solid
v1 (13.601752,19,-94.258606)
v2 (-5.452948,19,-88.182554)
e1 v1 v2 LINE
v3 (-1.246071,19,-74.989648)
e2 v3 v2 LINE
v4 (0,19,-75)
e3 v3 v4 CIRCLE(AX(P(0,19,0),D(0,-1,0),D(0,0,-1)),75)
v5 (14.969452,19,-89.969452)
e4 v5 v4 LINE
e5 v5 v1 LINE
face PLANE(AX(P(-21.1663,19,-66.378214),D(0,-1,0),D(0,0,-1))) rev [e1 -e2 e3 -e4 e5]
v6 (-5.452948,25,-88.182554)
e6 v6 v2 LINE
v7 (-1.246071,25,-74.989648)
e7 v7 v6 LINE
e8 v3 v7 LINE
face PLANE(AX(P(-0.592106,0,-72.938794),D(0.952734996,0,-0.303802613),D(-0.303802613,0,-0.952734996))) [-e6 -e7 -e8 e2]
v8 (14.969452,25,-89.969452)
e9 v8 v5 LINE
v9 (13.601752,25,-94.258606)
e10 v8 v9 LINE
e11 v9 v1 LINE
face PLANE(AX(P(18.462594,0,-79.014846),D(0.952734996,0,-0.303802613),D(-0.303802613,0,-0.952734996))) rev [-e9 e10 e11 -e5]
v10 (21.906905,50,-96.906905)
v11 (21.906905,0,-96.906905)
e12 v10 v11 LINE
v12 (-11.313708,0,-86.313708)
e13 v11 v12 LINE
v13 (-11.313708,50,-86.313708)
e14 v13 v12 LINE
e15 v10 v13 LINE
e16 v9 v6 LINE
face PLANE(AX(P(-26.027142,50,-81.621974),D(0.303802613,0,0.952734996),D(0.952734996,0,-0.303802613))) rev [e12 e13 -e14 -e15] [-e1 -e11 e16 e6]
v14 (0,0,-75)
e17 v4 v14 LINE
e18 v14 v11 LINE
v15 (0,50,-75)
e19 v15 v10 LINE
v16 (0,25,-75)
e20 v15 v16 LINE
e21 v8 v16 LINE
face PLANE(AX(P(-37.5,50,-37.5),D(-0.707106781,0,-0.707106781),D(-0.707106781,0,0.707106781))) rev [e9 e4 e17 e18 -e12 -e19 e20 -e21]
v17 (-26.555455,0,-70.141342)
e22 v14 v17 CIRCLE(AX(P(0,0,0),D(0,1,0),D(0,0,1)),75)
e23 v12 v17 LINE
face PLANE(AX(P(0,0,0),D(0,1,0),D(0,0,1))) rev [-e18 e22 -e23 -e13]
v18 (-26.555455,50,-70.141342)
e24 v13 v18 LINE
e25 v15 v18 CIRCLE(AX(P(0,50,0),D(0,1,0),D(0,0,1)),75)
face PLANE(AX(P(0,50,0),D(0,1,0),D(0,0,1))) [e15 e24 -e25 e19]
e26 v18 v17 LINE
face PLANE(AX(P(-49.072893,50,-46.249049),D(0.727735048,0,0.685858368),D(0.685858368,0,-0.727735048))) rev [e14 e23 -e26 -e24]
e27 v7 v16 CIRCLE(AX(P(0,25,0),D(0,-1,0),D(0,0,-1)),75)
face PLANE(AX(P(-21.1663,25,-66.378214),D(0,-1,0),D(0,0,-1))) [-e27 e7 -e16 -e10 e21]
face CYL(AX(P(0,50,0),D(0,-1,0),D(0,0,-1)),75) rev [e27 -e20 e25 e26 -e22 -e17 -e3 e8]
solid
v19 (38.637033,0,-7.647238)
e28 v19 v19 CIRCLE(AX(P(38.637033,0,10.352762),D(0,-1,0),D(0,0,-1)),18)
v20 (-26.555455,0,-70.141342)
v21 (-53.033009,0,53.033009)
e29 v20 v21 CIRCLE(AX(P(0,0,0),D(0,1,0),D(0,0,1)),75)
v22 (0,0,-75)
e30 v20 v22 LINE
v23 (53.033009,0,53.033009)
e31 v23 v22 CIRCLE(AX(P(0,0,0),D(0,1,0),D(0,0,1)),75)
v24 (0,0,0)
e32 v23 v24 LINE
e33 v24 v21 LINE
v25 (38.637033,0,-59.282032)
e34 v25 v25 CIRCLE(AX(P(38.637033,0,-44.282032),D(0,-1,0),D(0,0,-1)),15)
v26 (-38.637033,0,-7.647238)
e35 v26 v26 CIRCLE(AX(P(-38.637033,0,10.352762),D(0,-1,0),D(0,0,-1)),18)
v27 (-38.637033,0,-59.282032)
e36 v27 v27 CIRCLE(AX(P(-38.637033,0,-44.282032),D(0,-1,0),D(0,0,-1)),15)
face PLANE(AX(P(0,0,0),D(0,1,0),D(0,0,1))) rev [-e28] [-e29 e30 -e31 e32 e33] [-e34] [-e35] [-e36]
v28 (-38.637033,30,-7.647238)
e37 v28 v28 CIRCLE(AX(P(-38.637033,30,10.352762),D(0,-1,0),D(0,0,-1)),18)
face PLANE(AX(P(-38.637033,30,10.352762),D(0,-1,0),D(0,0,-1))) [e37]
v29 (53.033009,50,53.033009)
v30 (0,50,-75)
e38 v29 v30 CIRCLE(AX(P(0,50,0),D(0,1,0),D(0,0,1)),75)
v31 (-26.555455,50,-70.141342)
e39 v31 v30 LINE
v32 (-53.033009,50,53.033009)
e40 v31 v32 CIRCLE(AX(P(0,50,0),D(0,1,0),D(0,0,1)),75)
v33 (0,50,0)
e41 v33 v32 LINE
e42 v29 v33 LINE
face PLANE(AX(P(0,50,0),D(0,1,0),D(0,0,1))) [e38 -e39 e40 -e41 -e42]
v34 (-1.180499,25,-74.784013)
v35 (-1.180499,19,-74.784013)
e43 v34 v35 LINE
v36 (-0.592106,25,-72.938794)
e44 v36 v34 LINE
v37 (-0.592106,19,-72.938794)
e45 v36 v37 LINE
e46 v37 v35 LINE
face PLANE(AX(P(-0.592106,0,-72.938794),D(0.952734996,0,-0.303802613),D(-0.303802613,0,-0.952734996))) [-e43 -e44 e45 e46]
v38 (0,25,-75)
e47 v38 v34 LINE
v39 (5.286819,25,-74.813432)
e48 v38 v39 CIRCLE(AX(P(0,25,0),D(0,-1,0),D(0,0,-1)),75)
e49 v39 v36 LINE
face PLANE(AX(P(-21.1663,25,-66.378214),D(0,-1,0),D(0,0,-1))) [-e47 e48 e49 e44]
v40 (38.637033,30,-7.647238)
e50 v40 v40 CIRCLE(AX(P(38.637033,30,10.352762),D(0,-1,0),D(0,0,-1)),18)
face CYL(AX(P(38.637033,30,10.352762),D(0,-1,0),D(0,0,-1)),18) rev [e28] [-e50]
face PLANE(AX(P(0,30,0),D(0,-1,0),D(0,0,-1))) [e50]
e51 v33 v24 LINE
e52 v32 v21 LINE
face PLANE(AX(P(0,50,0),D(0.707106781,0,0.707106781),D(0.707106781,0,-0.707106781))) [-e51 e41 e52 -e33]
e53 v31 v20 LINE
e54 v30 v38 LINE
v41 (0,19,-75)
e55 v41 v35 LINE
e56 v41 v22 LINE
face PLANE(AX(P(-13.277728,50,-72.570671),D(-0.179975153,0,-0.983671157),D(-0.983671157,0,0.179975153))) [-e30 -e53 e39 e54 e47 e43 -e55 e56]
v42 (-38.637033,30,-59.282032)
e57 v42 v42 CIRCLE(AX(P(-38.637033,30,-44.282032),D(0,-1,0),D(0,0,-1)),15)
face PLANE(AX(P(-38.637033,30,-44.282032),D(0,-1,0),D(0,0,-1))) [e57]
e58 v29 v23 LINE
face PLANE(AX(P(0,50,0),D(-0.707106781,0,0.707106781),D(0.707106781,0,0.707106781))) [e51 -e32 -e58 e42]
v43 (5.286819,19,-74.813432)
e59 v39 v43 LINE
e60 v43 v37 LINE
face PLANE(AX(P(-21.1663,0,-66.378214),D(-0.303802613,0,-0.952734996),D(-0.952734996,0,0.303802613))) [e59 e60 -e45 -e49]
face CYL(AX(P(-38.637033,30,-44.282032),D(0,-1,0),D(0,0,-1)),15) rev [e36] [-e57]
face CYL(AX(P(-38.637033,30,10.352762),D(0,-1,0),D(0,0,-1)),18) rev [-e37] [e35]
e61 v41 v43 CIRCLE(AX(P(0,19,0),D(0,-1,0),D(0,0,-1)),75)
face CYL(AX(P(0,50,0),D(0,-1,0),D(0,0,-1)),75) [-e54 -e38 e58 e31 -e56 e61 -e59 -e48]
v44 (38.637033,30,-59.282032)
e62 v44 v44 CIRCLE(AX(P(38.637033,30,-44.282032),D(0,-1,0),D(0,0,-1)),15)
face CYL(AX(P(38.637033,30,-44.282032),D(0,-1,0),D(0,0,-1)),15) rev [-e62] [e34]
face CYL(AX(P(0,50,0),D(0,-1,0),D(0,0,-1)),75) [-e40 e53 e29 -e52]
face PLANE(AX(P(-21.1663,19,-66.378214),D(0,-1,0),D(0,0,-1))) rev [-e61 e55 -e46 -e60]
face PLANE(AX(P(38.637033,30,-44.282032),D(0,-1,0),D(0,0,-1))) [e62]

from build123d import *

# Parameters (mm, degrees)
BOSS_EXTRUDE2_DEPTH = 50
CUT_EXTRUDE1_DEPTH  = 16
SKETCH3_R           = 18
CUT_EXTRUDE2_DEPTH  = 30
SKETCH4_R           = 18
CUT_EXTRUDE3_DEPTH  = 30
SKETCH7_R           = 15
CUT_EXTRUDE4_DEPTH  = 30
SKETCH9_R           = 15
CUT_EXTRUDE5_DEPTH  = 30


with BuildPart() as part:
    # Sketch1 → Boss-Extrude2 (new body)
    with BuildSketch(Plane(origin=(0, 0, 0), x_dir=(1, 0, 0), z_dir=(0, 1, 0))):
        with BuildLine():
            Line((0, 75), (0, 0))
            Line((0, 0), (53.033008589, -53.033008589))
            ThreePointArc((53.033008589, -53.033008589), (69.290964938, -28.701257427), (75, 0))
            ThreePointArc((75, 0), (53.033008589, 53.033008589), (0, 75))
        make_face()
        with BuildLine():
            Line((-53.033008589, -53.033008589), (0, 0))
            Line((0, 0), (0, 75))
            Line((0, 75), (-75, 0))
            ThreePointArc((-75, 0), (-69.290964938, -28.701257427), (-53.033008589, -53.033008589))
        make_face()
        with BuildLine():
            Line((-75, 0), (0, 75))
            Line((0, 75), (-26.555455015, 70.141341654))
            ThreePointArc((-26.555455015, 70.141341654), (-61.711664724, 42.622417071), (-75, 0))
        make_face()
        with BuildLine():
            ThreePointArc((-26.555455015, 70.141341654), (-13.498136464, 73.775336746), (0, 75))
            Line((0, 75), (-11.313708499, 86.313708499))
            Line((-11.313708499, 86.313708499), (-26.555455015, 70.141341654))
        make_face()
        Polygon((0, 75), (21.906905273, 96.906905273), (-11.313708499, 86.313708499), align=None)
    extrude(amount=BOSS_EXTRUDE2_DEPTH)

    # Sketch2 → Cut-Extrude1 (cut)
    with BuildSketch(Plane(origin=(-26.027142022, 0, -81.621974096), x_dir=(-0.952734996, 0, 0.303802613), z_dir=(-0.303802613, 0, -0.952734996))):
        Polygon((-32.87770529, 25), (-41.594875837, 25), (-41.594875837, 19), (-21.594875837, 19), (-21.594875837, 25), align=None)
    extrude(amount=-CUT_EXTRUDE1_DEPTH, mode=Mode.SUBTRACT)

    # Sketch3 → Cut-Extrude2 (cut)
    with BuildSketch(Plane.XZ):
        with Locations((-38.637033052, 10.352761804)):
            Circle(SKETCH3_R)
    extrude(amount=-CUT_EXTRUDE2_DEPTH, mode=Mode.SUBTRACT)

    # Sketch4 → Cut-Extrude3 (cut)
    with BuildSketch(Plane(origin=(0, 0, 0), x_dir=(-1, 0, 0), z_dir=(0, -1, 0))):
        with Locations((-38.637033052, -10.352761804)):
            Circle(SKETCH4_R)
    extrude(amount=-CUT_EXTRUDE3_DEPTH, mode=Mode.SUBTRACT)

    # Sketch7 → Cut-Extrude4 (cut)
    with BuildSketch(Plane(origin=(0, 0, 0), x_dir=(-1, 0, 0), z_dir=(0, -1, 0))):
        with Locations((38.637033052, 44.282032303)):
            Circle(SKETCH7_R)
    extrude(amount=-CUT_EXTRUDE4_DEPTH, mode=Mode.SUBTRACT)

    # Sketch9 → Cut-Extrude5 (cut)
    with BuildSketch(Plane.XZ):
        with Locations((38.637033052, -44.282032303)):
            Circle(SKETCH9_R)
    extrude(amount=-CUT_EXTRUDE5_DEPTH, mode=Mode.SUBTRACT)


solid = part.part
